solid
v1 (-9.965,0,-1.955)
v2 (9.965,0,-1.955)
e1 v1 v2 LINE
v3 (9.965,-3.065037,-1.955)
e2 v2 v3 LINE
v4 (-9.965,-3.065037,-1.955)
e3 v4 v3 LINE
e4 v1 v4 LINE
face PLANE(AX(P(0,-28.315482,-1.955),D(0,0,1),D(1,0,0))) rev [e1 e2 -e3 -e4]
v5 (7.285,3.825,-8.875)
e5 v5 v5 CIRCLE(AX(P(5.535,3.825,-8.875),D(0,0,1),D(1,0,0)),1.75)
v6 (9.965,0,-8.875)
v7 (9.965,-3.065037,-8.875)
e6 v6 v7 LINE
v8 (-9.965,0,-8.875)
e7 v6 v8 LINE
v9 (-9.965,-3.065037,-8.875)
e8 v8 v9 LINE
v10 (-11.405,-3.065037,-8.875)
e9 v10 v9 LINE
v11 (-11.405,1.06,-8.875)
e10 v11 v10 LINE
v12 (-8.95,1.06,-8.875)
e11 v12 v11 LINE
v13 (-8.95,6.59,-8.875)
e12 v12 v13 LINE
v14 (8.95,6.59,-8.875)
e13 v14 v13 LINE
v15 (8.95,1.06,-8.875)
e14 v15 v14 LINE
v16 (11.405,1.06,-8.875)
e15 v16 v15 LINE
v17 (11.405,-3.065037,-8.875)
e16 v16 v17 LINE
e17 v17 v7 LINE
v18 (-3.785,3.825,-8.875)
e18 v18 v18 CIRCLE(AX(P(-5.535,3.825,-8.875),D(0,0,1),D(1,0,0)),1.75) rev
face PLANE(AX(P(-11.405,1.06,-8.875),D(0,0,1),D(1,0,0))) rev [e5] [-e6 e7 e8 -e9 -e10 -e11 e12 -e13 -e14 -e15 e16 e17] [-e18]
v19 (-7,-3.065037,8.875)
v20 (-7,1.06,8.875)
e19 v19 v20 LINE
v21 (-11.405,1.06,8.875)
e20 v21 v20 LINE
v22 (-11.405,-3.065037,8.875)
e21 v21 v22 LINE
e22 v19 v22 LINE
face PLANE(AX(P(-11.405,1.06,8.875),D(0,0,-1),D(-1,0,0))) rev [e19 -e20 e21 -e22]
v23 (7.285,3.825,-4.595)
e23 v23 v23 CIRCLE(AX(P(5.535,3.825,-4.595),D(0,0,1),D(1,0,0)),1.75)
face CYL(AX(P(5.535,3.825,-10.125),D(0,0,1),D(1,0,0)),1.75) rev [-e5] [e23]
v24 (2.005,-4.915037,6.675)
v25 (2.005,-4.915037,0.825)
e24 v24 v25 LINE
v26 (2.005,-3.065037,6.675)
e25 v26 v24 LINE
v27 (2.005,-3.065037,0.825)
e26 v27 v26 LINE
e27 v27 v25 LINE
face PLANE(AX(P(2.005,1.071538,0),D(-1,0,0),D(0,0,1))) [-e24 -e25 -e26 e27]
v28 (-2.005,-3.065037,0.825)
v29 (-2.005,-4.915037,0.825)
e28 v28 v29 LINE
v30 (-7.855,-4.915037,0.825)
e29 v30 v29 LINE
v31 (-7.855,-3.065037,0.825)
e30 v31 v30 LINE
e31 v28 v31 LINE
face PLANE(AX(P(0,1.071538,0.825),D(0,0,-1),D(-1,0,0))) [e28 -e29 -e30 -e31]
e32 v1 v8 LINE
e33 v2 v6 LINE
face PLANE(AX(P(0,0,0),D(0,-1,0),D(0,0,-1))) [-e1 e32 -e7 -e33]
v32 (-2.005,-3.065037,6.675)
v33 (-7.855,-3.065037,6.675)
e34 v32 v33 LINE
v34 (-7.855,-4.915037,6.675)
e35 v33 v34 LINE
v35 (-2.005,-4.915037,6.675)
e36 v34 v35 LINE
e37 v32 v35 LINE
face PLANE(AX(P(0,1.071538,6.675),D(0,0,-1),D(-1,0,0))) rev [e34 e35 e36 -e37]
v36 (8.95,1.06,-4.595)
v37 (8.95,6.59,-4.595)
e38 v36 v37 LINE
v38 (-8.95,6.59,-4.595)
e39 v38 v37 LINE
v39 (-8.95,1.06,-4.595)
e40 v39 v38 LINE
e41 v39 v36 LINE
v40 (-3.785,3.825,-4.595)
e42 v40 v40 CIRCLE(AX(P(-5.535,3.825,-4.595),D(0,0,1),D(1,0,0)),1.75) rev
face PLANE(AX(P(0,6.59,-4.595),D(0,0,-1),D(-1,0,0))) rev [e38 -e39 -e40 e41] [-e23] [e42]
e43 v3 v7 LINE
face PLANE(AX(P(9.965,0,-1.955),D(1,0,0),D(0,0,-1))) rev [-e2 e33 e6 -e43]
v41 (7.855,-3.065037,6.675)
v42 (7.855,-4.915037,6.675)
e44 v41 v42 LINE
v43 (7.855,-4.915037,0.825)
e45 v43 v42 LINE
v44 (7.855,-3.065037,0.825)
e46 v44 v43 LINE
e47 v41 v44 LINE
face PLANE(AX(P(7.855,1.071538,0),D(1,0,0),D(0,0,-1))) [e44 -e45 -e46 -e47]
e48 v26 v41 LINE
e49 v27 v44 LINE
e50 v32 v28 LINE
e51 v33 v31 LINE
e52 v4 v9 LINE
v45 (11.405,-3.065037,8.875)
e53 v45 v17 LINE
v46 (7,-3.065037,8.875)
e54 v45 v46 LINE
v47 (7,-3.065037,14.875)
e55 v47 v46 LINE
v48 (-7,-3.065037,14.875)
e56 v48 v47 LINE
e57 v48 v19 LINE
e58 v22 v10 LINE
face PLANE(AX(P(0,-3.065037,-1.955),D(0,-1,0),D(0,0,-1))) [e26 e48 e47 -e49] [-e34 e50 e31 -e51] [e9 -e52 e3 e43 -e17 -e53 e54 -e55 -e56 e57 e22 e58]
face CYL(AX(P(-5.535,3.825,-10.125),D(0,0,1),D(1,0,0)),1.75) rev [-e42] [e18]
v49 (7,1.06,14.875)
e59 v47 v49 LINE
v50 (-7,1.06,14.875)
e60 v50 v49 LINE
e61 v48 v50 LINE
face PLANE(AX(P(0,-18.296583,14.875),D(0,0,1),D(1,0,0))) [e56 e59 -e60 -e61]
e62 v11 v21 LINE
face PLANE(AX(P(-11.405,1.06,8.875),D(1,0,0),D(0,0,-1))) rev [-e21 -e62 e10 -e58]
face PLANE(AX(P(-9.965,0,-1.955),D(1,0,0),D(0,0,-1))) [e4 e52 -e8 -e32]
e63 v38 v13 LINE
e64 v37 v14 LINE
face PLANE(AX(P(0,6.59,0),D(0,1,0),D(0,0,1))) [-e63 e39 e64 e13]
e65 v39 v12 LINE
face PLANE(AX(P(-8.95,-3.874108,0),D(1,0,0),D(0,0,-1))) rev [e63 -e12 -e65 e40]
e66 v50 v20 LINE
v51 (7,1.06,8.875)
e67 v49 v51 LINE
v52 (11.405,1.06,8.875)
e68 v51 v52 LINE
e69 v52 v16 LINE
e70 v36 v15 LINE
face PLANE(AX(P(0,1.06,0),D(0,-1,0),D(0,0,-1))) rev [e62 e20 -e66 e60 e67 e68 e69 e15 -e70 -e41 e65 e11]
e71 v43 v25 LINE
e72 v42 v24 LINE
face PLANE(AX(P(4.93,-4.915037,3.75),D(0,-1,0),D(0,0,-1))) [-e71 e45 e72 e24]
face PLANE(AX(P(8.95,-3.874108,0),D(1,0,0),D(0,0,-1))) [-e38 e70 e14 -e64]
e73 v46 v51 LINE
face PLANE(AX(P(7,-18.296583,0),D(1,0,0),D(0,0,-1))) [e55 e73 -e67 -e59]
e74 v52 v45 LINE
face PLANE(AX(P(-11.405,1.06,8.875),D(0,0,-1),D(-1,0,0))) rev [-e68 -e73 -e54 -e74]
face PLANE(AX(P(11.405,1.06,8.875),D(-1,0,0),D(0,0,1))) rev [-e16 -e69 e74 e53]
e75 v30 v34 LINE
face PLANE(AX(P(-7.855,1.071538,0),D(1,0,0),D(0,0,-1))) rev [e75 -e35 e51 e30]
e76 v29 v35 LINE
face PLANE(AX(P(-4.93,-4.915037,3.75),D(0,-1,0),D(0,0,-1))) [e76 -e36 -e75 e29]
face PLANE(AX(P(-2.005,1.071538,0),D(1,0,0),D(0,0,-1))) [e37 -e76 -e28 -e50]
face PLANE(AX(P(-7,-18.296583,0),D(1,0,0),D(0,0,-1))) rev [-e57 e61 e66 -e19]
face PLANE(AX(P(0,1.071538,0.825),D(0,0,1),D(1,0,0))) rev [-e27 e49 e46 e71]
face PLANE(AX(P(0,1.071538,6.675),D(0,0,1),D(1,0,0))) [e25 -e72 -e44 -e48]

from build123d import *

# Parameters (mm, degrees)
SKETCH_1_W          = 22.81
SKETCH_1_H          = 17.75
EXTRUDE_1_DEPTH     = 1.06
SKETCH_2_W          = 1.44
SKETCH_2_H          = 3.065036756
EXTRUDE_2_DEPTH     = 6.92
EXTRUDE_3_DEPTH     = 3.065036756
SKETCH_4_R          = 2.925
EXTRUDE_4_DEPTH     = 5.85
SKETCH_5_W          = 22.81
SKETCH_5_H          = 4.28
EXTRUDE_5_DEPTH     = 5.53
SKETCH_6_R          = 1.75
CUT_EXTRUDE_1_DEPTH = 5.53
SKETCH_7_W          = 14
SKETCH_7_H          = 6
EXTRUDE_6_DEPTH     = 4.125036756
CUT_EXTRUDE_START   = -4
SKETCH_8_R          = 2.925
CUT_EXTRUDE_2_DEPTH = 4
EXTRUDE_START       = -1.85
EXTRUDE_7_DEPTH     = 1.85
SKETCH_10_W         = 2.455
SKETCH_10_H         = 4.28
CUT_EXTRUDE_3_DEPTH = 5.53


with BuildPart() as part:
    # 草图1 → 凸台-拉伸1 (new body)
    with BuildSketch(Plane(origin=(0, 0, 0), x_dir=(1, 0, 0), z_dir=(0, 1, 0))):
        Rectangle(SKETCH_1_W, SKETCH_1_H)
    extrude(amount=EXTRUDE_1_DEPTH)

    # 草图2 → 凸台-拉伸2 (add)
    with BuildSketch(Plane(origin=(0, 0, -8.875), x_dir=(-1, 0, 0), z_dir=(0, 0, -1))):
        with Locations((-10.685, -1.532518378)):
            Rectangle(SKETCH_2_W, SKETCH_2_H)
        with Locations((10.685, -1.532518378)):
            Rectangle(SKETCH_2_W, SKETCH_2_H)
    extrude(amount=-EXTRUDE_2_DEPTH)

    # 草图3 → 凸台-拉伸3 (add)
    with BuildSketch(Plane.XZ):
        Polygon((-11.405, 8.875), (-11.405, -1.955), (-9.965, -1.955), (9.965, -1.955), (11.405, -1.955), (11.405, 8.875), align=None)
    extrude(amount=EXTRUDE_3_DEPTH)

    # 草图4 → 凸台-拉伸4 (add)
    with BuildSketch(Plane.XZ.offset(3.065036756)):
        with Locations(Location((-4.93, 3.75, 0), (0, 0, 270))):
            Circle(SKETCH_4_R)
        with Locations(Location((4.93, 3.75, 0), (0, 0, 270))):
            Circle(SKETCH_4_R)
    extrude(amount=EXTRUDE_4_DEPTH)

    # 草图5 → 凸台-拉伸5 (add)
    with BuildSketch(Plane(origin=(0, 1.06, 0), x_dir=(1, 0, 0), z_dir=(0, 1, 0))):
        with Locations((0, 6.735)):
            Rectangle(SKETCH_5_W, SKETCH_5_H)
    extrude(amount=EXTRUDE_5_DEPTH)

    # 草图6 → 切除-拉伸1 (cut)
    with BuildSketch(Plane.XY.offset(-4.595)):
        with Locations((5.535, 3.825)):
            Circle(SKETCH_6_R)
        with Locations((-5.535, 3.825)):
            Circle(SKETCH_6_R)
    extrude(amount=-CUT_EXTRUDE_1_DEPTH, mode=Mode.SUBTRACT)

    # 草图7 → 凸台-拉伸6 (add)
    with BuildSketch(Plane(origin=(0, 1.06, 0), x_dir=(1, 0, 0), z_dir=(0, 1, 0))):
        with Locations((0, -11.875)):
            Rectangle(SKETCH_7_W, SKETCH_7_H)
    extrude(amount=-EXTRUDE_6_DEPTH)

    # 草图8 → 切除-拉伸2 (cut)
    with BuildSketch(Plane.XZ.offset(8.915036756).offset(CUT_EXTRUDE_START)):
        with Locations(Location((-4.93, 3.75, 0), (0, 0, 270))):
            Circle(SKETCH_8_R)
        with Locations(Location((4.93, 3.75, 0), (0, 0, 270))):
            Circle(SKETCH_8_R)
    extrude(amount=CUT_EXTRUDE_2_DEPTH, mode=Mode.SUBTRACT)

    # 草图9 → 凸台-拉伸7 (add)
    with BuildSketch(Plane.XZ.offset(4.915036756).offset(EXTRUDE_START)):
        with BuildLine():
            ThreePointArc((-7.855, 3.75), (-6.998287335, 5.818287335), (-4.93, 6.675))
            Line((-4.93, 6.675), (-7.855, 6.675))
            Line((-7.855, 6.675), (-7.855, 3.75))
        make_face()
        with BuildLine():
            Line((-7.855, 0.825), (-4.93, 0.825))
            ThreePointArc((-4.93, 0.825), (-6.998287335, 1.681712665), (-7.855, 3.75))
            Line((-7.855, 3.75), (-7.855, 0.825))
        make_face()
        with BuildLine():
            Line((-2.005, 0.825), (-2.005, 3.75))
            ThreePointArc((-2.005, 3.75), (-2.861712665, 1.681712665), (-4.93, 0.825))
            Line((-4.93, 0.825), (-2.005, 0.825))
        make_face()
        with BuildLine():
            ThreePointArc((-4.93, 6.675), (-2.861712665, 5.818287335), (-2.005, 3.75))
            Line((-2.005, 3.75), (-2.005, 6.675))
            Line((-2.005, 6.675), (-4.93, 6.675))
        make_face()
        with BuildLine():
            ThreePointArc((2.005, 3.75), (2.861712665, 5.818287335), (4.93, 6.675))
            Line((4.93, 6.675), (2.005, 6.675))
            Line((2.005, 6.675), (2.005, 3.75))
        make_face()
        with BuildLine():
            ThreePointArc((4.93, 0.825), (2.861712665, 1.681712665), (2.005, 3.75))
            Line((2.005, 3.75), (2.005, 0.825))
            Line((2.005, 0.825), (4.93, 0.825))
        make_face()
        with BuildLine():
            Line((7.855, 0.825), (7.855, 3.75))
            ThreePointArc((7.855, 3.75), (6.998287335, 1.681712665), (4.93, 0.825))
            Line((4.93, 0.825), (7.855, 0.825))
        make_face()
        with BuildLine():
            Line((7.855, 6.675), (4.93, 6.675))
            ThreePointArc((4.93, 6.675), (6.998287335, 5.818287335), (7.855, 3.75))
            Line((7.855, 3.75), (7.855, 6.675))
        make_face()
    extrude(amount=EXTRUDE_7_DEPTH)

    # 草图10 → 切除-拉伸3 (cut)
    with BuildSketch(Plane(origin=(0, 6.59, 0), x_dir=(1, 0, 0), z_dir=(0, 1, 0))):
        with Locations((-10.1775, 6.735)):
            Rectangle(SKETCH_10_W, SKETCH_10_H)
        with Locations((10.1775, 6.735)):
            Rectangle(SKETCH_10_W, SKETCH_10_H)
    extrude(amount=-CUT_EXTRUDE_3_DEPTH, mode=Mode.SUBTRACT)


solid = part.part
